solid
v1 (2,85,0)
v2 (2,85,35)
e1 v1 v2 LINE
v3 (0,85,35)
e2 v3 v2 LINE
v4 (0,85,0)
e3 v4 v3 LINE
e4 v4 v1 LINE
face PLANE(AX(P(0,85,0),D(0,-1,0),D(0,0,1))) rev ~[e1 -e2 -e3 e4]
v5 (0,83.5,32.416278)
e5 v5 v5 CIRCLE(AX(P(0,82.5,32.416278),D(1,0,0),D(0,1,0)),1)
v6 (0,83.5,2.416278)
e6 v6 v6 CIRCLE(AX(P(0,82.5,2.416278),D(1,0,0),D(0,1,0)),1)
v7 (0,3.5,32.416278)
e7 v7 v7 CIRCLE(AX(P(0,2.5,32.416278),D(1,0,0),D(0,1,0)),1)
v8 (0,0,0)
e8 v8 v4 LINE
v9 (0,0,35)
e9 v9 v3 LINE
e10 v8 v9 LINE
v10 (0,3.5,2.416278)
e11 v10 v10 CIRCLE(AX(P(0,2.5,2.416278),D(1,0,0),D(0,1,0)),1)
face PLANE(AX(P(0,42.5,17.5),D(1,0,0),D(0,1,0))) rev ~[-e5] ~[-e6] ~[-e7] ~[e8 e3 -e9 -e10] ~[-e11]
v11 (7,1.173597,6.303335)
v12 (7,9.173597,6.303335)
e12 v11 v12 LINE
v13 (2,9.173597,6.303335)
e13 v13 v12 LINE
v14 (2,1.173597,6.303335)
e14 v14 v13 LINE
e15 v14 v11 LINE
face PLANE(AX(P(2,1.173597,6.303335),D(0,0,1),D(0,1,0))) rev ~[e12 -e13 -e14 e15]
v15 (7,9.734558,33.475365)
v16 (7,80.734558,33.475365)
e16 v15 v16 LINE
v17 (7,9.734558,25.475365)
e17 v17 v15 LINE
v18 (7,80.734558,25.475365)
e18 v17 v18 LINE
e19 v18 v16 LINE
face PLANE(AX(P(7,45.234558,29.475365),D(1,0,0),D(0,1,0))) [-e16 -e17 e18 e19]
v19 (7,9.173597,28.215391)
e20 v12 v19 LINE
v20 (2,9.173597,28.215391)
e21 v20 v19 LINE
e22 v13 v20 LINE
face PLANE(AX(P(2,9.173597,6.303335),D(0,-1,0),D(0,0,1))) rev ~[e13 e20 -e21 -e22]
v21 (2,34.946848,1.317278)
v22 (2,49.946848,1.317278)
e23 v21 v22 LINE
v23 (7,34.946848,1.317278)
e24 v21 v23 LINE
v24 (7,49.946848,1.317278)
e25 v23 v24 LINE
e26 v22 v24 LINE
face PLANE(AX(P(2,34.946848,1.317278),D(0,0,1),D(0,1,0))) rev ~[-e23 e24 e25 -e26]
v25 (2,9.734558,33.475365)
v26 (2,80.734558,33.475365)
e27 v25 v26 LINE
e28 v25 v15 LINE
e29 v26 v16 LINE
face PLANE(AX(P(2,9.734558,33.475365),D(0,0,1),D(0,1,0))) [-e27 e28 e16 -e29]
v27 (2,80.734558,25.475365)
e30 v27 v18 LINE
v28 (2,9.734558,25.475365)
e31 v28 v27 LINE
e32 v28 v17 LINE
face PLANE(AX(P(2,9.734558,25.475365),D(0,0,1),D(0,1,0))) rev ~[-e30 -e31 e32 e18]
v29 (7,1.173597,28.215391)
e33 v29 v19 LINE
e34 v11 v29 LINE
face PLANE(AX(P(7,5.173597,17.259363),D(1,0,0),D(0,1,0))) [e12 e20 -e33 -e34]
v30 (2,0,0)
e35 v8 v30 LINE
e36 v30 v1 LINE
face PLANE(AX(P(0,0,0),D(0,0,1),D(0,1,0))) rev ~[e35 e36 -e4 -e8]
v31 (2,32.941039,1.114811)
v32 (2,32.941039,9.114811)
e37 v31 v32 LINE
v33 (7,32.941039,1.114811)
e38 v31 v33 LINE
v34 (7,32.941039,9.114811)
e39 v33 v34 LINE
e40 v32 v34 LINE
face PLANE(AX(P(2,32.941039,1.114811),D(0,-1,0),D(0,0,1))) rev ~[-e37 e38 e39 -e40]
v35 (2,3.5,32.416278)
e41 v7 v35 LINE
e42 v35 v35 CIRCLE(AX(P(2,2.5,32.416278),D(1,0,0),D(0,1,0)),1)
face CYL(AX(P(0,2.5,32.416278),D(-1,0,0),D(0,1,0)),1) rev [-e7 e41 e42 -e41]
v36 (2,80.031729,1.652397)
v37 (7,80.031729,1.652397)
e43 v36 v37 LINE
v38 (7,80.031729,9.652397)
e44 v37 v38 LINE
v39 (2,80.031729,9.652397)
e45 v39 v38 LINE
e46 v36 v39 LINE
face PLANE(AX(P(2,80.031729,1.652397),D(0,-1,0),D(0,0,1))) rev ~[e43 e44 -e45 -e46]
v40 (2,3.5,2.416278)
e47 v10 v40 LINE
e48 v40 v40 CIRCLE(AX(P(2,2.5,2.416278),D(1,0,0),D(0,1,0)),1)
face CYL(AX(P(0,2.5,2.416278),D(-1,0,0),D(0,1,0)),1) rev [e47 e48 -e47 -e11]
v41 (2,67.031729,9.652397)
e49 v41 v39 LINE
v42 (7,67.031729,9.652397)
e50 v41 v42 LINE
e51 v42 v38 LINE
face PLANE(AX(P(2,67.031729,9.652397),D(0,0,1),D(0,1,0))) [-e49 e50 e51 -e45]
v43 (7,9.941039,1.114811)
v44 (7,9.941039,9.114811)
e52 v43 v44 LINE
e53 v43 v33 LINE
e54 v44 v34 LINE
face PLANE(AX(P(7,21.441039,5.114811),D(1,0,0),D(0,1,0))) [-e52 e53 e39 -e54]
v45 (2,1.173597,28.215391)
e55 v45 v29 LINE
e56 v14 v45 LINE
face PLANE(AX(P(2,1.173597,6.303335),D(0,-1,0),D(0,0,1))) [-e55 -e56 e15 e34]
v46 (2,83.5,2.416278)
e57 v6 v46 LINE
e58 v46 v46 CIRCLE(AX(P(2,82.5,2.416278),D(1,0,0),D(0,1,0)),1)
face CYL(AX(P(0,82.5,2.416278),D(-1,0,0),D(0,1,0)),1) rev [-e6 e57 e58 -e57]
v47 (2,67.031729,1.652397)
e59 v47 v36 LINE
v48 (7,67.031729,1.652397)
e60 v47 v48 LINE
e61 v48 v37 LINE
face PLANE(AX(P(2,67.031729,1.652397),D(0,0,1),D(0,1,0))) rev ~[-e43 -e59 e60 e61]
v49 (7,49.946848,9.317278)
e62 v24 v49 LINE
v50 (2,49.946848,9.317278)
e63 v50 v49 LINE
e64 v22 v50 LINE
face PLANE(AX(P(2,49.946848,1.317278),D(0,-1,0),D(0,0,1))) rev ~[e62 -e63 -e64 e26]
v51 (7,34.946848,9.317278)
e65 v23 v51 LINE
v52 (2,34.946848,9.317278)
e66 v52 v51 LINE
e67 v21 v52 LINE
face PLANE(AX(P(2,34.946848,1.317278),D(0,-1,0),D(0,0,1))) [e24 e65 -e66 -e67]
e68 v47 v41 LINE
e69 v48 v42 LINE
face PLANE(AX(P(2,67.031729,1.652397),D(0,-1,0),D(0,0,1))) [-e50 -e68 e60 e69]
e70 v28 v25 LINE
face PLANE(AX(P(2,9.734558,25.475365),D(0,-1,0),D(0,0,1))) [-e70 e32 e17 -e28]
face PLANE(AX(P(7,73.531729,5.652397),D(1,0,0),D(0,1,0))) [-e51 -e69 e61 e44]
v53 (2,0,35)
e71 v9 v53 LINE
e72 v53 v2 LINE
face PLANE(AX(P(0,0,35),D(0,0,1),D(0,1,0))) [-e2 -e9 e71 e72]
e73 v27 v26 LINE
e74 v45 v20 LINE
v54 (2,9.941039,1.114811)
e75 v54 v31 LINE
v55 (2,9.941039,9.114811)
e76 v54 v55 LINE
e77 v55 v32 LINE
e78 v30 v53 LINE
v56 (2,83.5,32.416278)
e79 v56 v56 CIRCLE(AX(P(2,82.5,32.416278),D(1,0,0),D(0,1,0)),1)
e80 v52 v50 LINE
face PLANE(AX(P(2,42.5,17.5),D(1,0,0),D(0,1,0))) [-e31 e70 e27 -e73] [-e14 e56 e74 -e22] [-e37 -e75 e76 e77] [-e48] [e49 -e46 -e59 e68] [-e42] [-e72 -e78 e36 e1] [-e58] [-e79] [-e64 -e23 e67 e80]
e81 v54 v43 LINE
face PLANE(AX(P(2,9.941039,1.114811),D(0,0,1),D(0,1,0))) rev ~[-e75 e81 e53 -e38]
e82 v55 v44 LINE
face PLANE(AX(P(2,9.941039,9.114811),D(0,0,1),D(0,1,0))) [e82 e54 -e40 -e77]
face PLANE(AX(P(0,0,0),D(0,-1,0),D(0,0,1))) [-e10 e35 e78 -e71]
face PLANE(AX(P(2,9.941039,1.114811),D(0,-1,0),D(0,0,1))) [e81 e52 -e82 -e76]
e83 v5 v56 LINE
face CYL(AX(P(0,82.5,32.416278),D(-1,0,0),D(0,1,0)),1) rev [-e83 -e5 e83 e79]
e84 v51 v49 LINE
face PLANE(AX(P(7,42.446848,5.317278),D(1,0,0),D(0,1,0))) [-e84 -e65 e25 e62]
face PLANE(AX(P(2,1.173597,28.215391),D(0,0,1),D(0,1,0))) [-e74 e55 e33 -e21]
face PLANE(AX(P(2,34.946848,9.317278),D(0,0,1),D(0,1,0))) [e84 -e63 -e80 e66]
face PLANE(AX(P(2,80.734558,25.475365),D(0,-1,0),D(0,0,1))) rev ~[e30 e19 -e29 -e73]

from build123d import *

# Parameters (mm, degrees)
SKETCH_W      = 85
SKETCH_H      = 35
SKETCH_R      = 1
PAD_DEPTH     = 2
SKETCH001_W   = 13
SKETCH001_H   = 8
SKETCH001_W_2 = 8
SKETCH001_H_2 = 21.912057
SKETCH001_W_3 = 71
SKETCH001_W_4 = 15
SKETCH001_W_5 = 23
PAD001_DEPTH  = 5


with BuildPart() as part:
    # Sketch → Pad (new body)
    with BuildSketch(Plane.YZ):
        with Locations((42.5, 17.5)):
            Rectangle(SKETCH_W, SKETCH_H)
        with Locations((2.5, 32.416278)):
            Circle(SKETCH_R, mode=Mode.SUBTRACT)
        with Locations((82.5, 32.416278)):
            Circle(SKETCH_R, mode=Mode.SUBTRACT)
        with Locations((82.5, 2.416278)):
            Circle(SKETCH_R, mode=Mode.SUBTRACT)
        with Locations((2.5, 2.416278)):
            Circle(SKETCH_R, mode=Mode.SUBTRACT)
    extrude(amount=PAD_DEPTH)

    # Sketch001 (on Face10 of Pad) → Pad001 (join)
    with BuildSketch(Plane.YZ.offset(2)):
        with Locations((73.531729, 5.652397)):
            Rectangle(SKETCH001_W, SKETCH001_H)
        with Locations((5.173597, 17.259363)):
            Rectangle(SKETCH001_W_2, SKETCH001_H_2)
        with Locations((45.234558, 29.475365)):
            Rectangle(SKETCH001_W_3, SKETCH001_H)
        with Locations((42.446848, 5.317278)):
            Rectangle(SKETCH001_W_4, SKETCH001_H)
        with Locations((21.441039, 5.114811)):
            Rectangle(SKETCH001_W_5, SKETCH001_H)
    extrude(amount=PAD001_DEPTH)


solid = part.part
